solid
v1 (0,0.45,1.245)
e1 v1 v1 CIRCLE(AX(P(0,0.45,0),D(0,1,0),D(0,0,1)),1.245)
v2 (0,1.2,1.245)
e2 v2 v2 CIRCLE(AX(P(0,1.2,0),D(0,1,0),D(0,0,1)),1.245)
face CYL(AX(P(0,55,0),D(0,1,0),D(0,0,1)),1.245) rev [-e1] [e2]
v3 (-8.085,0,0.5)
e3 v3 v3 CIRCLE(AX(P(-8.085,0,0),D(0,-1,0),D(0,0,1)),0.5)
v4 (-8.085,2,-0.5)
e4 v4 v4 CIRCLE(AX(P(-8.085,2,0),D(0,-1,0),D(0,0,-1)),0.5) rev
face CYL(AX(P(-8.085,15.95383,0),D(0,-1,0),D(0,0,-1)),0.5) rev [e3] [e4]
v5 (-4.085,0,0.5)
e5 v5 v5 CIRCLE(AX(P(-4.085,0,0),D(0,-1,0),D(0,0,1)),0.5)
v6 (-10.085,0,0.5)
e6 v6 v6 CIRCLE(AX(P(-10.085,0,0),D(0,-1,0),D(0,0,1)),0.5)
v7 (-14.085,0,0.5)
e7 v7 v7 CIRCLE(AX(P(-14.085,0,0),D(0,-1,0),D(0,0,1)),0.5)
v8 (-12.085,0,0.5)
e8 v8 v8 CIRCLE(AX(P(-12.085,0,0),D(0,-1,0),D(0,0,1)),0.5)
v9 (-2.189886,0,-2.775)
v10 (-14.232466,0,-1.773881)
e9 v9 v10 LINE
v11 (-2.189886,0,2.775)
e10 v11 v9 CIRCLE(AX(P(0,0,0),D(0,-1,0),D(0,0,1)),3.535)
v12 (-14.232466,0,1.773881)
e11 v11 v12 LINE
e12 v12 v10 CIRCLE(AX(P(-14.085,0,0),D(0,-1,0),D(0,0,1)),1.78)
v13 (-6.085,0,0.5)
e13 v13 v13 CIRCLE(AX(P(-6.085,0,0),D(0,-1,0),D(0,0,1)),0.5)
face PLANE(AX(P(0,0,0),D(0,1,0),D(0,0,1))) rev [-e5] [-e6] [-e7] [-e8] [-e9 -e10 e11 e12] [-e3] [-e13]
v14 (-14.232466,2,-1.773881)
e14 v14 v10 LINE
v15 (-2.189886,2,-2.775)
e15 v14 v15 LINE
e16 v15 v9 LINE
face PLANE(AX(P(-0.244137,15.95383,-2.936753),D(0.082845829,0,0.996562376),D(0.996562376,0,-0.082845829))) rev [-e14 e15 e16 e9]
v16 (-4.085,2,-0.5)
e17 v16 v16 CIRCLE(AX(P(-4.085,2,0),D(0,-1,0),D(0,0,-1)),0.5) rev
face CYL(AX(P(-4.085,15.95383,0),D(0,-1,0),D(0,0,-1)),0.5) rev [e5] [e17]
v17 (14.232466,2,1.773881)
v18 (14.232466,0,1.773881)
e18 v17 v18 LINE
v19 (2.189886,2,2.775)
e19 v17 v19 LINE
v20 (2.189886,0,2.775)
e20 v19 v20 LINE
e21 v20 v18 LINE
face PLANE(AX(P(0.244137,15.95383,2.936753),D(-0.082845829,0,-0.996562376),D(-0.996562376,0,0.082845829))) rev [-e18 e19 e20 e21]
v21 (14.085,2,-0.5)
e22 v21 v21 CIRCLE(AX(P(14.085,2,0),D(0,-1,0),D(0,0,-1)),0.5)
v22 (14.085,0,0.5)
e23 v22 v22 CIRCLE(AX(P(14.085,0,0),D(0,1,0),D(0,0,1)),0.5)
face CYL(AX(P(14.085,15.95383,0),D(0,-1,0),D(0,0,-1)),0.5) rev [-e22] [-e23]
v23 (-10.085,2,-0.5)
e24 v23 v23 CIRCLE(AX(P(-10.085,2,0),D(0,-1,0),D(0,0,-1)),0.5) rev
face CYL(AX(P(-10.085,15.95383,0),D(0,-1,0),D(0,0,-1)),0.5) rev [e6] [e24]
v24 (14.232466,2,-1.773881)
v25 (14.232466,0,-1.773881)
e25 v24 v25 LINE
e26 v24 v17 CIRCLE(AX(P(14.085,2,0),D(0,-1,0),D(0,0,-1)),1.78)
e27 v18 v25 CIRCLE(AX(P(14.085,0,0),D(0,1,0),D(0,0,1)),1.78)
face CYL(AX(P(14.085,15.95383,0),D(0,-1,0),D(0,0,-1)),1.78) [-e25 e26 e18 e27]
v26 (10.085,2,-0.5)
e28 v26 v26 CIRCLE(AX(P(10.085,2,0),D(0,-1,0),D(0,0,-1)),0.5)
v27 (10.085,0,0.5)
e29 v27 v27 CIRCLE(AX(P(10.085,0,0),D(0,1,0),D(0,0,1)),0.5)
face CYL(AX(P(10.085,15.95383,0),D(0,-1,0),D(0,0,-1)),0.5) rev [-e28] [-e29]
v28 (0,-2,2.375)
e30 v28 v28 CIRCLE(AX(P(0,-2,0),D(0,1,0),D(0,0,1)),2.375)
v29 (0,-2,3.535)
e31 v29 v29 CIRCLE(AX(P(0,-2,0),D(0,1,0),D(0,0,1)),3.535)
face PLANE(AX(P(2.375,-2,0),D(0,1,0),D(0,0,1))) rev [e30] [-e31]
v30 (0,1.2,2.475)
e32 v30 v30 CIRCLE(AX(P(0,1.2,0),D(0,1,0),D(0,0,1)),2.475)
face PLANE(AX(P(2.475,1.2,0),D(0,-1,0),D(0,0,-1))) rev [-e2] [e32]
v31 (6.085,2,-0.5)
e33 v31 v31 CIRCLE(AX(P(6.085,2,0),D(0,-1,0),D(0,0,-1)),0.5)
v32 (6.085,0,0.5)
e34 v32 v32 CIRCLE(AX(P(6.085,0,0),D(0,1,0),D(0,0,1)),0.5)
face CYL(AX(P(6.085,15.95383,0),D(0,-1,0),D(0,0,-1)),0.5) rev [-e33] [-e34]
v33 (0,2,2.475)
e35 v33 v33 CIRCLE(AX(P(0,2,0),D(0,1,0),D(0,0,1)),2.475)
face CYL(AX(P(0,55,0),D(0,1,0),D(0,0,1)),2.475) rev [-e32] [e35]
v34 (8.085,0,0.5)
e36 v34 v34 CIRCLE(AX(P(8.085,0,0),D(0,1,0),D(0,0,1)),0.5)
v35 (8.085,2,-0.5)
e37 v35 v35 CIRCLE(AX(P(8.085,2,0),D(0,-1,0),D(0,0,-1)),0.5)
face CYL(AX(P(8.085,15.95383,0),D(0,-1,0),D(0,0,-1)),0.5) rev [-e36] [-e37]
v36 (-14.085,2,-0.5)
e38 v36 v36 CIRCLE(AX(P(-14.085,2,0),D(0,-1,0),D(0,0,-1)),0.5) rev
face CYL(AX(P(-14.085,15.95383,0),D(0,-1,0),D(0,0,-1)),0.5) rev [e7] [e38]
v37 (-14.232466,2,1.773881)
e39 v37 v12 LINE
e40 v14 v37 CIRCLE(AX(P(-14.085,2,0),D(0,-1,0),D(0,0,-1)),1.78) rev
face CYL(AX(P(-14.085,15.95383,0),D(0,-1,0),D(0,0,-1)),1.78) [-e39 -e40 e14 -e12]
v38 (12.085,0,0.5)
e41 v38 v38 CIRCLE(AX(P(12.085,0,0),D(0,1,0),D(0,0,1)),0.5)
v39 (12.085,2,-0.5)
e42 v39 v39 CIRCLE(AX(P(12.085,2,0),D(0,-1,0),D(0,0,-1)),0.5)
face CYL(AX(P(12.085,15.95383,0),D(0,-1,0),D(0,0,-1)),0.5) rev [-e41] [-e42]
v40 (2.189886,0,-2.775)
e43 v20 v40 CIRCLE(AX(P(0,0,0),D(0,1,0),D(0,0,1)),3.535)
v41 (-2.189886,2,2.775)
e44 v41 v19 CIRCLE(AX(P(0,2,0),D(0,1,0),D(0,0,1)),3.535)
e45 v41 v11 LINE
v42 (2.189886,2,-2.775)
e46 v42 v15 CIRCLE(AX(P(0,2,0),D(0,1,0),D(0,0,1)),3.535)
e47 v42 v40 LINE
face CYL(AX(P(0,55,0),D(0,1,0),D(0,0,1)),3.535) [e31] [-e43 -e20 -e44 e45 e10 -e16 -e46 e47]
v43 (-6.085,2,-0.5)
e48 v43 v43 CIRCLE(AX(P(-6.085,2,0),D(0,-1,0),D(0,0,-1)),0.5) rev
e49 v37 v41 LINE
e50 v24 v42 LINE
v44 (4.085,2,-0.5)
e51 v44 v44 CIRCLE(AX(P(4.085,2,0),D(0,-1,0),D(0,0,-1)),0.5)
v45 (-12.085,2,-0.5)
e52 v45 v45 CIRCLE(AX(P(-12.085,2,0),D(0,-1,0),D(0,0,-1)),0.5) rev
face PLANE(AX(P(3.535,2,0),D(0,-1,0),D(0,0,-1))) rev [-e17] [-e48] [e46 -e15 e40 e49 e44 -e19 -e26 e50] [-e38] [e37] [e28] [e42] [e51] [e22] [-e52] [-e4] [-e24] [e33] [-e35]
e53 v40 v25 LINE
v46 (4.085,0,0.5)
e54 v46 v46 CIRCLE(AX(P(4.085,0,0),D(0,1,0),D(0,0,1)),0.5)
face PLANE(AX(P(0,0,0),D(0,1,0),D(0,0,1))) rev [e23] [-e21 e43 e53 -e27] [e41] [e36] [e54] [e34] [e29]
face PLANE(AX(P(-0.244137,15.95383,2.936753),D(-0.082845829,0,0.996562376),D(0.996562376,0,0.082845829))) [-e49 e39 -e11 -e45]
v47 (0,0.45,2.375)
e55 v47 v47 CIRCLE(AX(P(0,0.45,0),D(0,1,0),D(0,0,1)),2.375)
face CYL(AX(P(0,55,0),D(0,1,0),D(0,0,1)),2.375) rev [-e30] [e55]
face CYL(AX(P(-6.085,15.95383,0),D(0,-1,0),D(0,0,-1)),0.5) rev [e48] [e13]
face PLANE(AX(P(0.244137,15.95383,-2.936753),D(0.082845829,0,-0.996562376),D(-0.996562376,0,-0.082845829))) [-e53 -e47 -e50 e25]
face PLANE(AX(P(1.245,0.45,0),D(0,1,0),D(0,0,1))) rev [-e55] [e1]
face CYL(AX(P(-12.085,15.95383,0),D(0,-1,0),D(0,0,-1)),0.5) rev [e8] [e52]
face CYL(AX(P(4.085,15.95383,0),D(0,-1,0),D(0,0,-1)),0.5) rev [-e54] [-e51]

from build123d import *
from build123d.topology import SkipClean

# Parameters (mm, degrees)
BOSS_EXTRUDE1_START   = 2
BOSS_EXTRUDE1_DEPTH   = 2
MIRROR_START          = 2
MIRROR_2_COPY_1_DEPTH = 2
MIRROR_2_COPY_2_DEPTH = 2


with BuildPart() as part:
    # Sketch2 → Revolve1 (revolve)
    with BuildSketch(Plane.XY, mode=Mode.PRIVATE) as revolve1_sk:
        Polygon((2.475, 2), (2.475, 1.2), (1.245, 1.2), (1.245, 0.45), (2.375, 0.45), (2.375, -2), (3.535, -2), (3.535, 2), align=None)
    revolve(revolve1_sk.sketch.rotate(Axis((0, 55, 0), (0, -1, 0)), 90), axis=Axis((0, 55, 0), (0, -1, 0)))

    # Sketch3 → Boss-Extrude1 (add)
    with BuildSketch(Plane(origin=(0, 0, 0), x_dir=(1, 0, 0), z_dir=(0, 1, 0)).offset(BOSS_EXTRUDE1_START)):
        with BuildLine():
            ThreePointArc((3.535, 0), (3.180996027, -1.541910917), (2.189885842, -2.775))
            Line((2.189885842, -2.775), (14.232465575, -1.773881029))
            ThreePointArc((14.232465575, -1.773881029), (13.044016702, -1.443867644), (12.3554, -0.420575606))
            ThreePointArc((12.3554, -0.420575606), (11.845417029, -0.438862165), (11.585, 0))
            Line((11.585, 0), (10.585, 0))
            ThreePointArc((10.585, 0), (10.085, -0.5), (9.585, 0))
            Line((9.585, 0), (8.585, 0))
            ThreePointArc((8.585, 0), (8.085, -0.5), (7.585, 0))
            Line((7.585, 0), (6.585, 0))
            ThreePointArc((6.585, 0), (6.085, -0.5), (5.585, 0))
            Line((5.585, 0), (4.585, 0))
            ThreePointArc((4.585, 0), (4.085, -0.5), (3.585, 0))
            Line((3.585, 0), (3.535, 0))
        make_face()
        with BuildLine():
            ThreePointArc((12.3554, -0.420575606), (13.044016702, -1.443867644), (14.232465575, -1.773881029))
            ThreePointArc((14.232465575, -1.773881029), (15.394749733, -1.205386095), (15.865, 0))
            Line((15.865, 0), (14.585, 0))
            ThreePointArc((14.585, 0), (14.085, -0.5), (13.585, 0))
            Line((13.585, 0), (12.585, 0))
            ThreePointArc((12.585, 0), (12.523862165, -0.239582971), (12.3554, -0.420575606))
        make_face()
    boss_extrude1 = extrude(amount=-BOSS_EXTRUDE1_DEPTH)

    # Mirror1: Boss-Extrude1 across plane
    with SkipClean():  # the faces are left unmerged after this step: merging them gives an invalid solid
        add(boss_extrude1.mirror(Plane(origin=(0, 15.95383002, 0), x_dir=(1, 0, 0), z_dir=(0, 0, -1))))

    # 镜向1: Boss-Extrude1 across plane
    with SkipClean():  # the faces are left unmerged after this step: merging them gives an invalid solid
        add(boss_extrude1.mirror(Plane(origin=(0, 0, 0), x_dir=(0, 0, 1), z_dir=(1, 0, 0))))

    # 镜向2 copy 1 sketch → 镜向2 copy 1 (add)
    with SkipClean():  # the faces are left unmerged after this step: merging them gives an invalid solid
        with BuildSketch(Plane(origin=(0, 0, 0), x_dir=(-1, 0, 0), z_dir=(0, 1, 0)).offset(MIRROR_START)):
            with BuildLine():
                ThreePointArc((3.535, 0), (3.180996027, -1.541910917), (2.189885842, -2.775))
                Line((2.189885842, -2.775), (14.232465575, -1.773881029))
                ThreePointArc((14.232465575, -1.773881029), (13.044016702, -1.443867644), (12.3554, -0.420575606))
                ThreePointArc((12.3554, -0.420575606), (11.845417029, -0.438862165), (11.585, 0))
                Line((11.585, 0), (10.585, 0))
                ThreePointArc((10.585, 0), (10.085, -0.5), (9.585, 0))
                Line((9.585, 0), (8.585, 0))
                ThreePointArc((8.585, 0), (8.085, -0.5), (7.585, 0))
                Line((7.585, 0), (6.585, 0))
                ThreePointArc((6.585, 0), (6.085, -0.5), (5.585, 0))
                Line((5.585, 0), (4.585, 0))
                ThreePointArc((4.585, 0), (4.085, -0.5), (3.585, 0))
                Line((3.585, 0), (3.535, 0))
            make_face()
            with BuildLine():
                ThreePointArc((12.3554, -0.420575606), (13.044016702, -1.443867644), (14.232465575, -1.773881029))
                ThreePointArc((14.232465575, -1.773881029), (15.394749733, -1.205386095), (15.865, 0))
                Line((15.865, 0), (14.585, 0))
                ThreePointArc((14.585, 0), (14.085, -0.5), (13.585, 0))
                Line((13.585, 0), (12.585, 0))
                ThreePointArc((12.585, 0), (12.523862165, -0.239582971), (12.3554, -0.420575606))
            make_face()
        extrude(amount=-MIRROR_2_COPY_1_DEPTH)

    # 镜向2 copy 2 sketch → 镜向2 copy 2 (add)
    with SkipClean():  # the faces are left unmerged after this step: merging them gives an invalid solid
        with BuildSketch(Plane(origin=(0, 0, 0), x_dir=(1, 0, 0), z_dir=(0, 1, 0)).offset(MIRROR_START)):
            with BuildLine():
                ThreePointArc((3.535, 0), (3.180996027, 1.541910917), (2.189885842, 2.775))
                Line((2.189885842, 2.775), (14.232465575, 1.773881029))
                ThreePointArc((14.232465575, 1.773881029), (13.044016702, 1.443867644), (12.3554, 0.420575606))
                ThreePointArc((12.3554, 0.420575606), (11.845417029, 0.438862165), (11.585, 0))
                Line((11.585, 0), (10.585, 0))
                ThreePointArc((10.585, 0), (10.085, 0.5), (9.585, 0))
                Line((9.585, 0), (8.585, 0))
                ThreePointArc((8.585, 0), (8.085, 0.5), (7.585, 0))
                Line((7.585, 0), (6.585, 0))
                ThreePointArc((6.585, 0), (6.085, 0.5), (5.585, 0))
                Line((5.585, 0), (4.585, 0))
                ThreePointArc((4.585, 0), (4.085, 0.5), (3.585, 0))
                Line((3.585, 0), (3.535, 0))
            make_face()
            with BuildLine():
                ThreePointArc((12.3554, 0.420575606), (13.044016702, 1.443867644), (14.232465575, 1.773881029))
                ThreePointArc((14.232465575, 1.773881029), (15.394749733, 1.205386095), (15.865, 0))
                Line((15.865, 0), (14.585, 0))
                ThreePointArc((14.585, 0), (14.085, 0.5), (13.585, 0))
                Line((13.585, 0), (12.585, 0))
                ThreePointArc((12.585, 0), (12.523862165, 0.239582971), (12.3554, 0.420575606))
            make_face()
        extrude(amount=-MIRROR_2_COPY_2_DEPTH)


solid = part.part
